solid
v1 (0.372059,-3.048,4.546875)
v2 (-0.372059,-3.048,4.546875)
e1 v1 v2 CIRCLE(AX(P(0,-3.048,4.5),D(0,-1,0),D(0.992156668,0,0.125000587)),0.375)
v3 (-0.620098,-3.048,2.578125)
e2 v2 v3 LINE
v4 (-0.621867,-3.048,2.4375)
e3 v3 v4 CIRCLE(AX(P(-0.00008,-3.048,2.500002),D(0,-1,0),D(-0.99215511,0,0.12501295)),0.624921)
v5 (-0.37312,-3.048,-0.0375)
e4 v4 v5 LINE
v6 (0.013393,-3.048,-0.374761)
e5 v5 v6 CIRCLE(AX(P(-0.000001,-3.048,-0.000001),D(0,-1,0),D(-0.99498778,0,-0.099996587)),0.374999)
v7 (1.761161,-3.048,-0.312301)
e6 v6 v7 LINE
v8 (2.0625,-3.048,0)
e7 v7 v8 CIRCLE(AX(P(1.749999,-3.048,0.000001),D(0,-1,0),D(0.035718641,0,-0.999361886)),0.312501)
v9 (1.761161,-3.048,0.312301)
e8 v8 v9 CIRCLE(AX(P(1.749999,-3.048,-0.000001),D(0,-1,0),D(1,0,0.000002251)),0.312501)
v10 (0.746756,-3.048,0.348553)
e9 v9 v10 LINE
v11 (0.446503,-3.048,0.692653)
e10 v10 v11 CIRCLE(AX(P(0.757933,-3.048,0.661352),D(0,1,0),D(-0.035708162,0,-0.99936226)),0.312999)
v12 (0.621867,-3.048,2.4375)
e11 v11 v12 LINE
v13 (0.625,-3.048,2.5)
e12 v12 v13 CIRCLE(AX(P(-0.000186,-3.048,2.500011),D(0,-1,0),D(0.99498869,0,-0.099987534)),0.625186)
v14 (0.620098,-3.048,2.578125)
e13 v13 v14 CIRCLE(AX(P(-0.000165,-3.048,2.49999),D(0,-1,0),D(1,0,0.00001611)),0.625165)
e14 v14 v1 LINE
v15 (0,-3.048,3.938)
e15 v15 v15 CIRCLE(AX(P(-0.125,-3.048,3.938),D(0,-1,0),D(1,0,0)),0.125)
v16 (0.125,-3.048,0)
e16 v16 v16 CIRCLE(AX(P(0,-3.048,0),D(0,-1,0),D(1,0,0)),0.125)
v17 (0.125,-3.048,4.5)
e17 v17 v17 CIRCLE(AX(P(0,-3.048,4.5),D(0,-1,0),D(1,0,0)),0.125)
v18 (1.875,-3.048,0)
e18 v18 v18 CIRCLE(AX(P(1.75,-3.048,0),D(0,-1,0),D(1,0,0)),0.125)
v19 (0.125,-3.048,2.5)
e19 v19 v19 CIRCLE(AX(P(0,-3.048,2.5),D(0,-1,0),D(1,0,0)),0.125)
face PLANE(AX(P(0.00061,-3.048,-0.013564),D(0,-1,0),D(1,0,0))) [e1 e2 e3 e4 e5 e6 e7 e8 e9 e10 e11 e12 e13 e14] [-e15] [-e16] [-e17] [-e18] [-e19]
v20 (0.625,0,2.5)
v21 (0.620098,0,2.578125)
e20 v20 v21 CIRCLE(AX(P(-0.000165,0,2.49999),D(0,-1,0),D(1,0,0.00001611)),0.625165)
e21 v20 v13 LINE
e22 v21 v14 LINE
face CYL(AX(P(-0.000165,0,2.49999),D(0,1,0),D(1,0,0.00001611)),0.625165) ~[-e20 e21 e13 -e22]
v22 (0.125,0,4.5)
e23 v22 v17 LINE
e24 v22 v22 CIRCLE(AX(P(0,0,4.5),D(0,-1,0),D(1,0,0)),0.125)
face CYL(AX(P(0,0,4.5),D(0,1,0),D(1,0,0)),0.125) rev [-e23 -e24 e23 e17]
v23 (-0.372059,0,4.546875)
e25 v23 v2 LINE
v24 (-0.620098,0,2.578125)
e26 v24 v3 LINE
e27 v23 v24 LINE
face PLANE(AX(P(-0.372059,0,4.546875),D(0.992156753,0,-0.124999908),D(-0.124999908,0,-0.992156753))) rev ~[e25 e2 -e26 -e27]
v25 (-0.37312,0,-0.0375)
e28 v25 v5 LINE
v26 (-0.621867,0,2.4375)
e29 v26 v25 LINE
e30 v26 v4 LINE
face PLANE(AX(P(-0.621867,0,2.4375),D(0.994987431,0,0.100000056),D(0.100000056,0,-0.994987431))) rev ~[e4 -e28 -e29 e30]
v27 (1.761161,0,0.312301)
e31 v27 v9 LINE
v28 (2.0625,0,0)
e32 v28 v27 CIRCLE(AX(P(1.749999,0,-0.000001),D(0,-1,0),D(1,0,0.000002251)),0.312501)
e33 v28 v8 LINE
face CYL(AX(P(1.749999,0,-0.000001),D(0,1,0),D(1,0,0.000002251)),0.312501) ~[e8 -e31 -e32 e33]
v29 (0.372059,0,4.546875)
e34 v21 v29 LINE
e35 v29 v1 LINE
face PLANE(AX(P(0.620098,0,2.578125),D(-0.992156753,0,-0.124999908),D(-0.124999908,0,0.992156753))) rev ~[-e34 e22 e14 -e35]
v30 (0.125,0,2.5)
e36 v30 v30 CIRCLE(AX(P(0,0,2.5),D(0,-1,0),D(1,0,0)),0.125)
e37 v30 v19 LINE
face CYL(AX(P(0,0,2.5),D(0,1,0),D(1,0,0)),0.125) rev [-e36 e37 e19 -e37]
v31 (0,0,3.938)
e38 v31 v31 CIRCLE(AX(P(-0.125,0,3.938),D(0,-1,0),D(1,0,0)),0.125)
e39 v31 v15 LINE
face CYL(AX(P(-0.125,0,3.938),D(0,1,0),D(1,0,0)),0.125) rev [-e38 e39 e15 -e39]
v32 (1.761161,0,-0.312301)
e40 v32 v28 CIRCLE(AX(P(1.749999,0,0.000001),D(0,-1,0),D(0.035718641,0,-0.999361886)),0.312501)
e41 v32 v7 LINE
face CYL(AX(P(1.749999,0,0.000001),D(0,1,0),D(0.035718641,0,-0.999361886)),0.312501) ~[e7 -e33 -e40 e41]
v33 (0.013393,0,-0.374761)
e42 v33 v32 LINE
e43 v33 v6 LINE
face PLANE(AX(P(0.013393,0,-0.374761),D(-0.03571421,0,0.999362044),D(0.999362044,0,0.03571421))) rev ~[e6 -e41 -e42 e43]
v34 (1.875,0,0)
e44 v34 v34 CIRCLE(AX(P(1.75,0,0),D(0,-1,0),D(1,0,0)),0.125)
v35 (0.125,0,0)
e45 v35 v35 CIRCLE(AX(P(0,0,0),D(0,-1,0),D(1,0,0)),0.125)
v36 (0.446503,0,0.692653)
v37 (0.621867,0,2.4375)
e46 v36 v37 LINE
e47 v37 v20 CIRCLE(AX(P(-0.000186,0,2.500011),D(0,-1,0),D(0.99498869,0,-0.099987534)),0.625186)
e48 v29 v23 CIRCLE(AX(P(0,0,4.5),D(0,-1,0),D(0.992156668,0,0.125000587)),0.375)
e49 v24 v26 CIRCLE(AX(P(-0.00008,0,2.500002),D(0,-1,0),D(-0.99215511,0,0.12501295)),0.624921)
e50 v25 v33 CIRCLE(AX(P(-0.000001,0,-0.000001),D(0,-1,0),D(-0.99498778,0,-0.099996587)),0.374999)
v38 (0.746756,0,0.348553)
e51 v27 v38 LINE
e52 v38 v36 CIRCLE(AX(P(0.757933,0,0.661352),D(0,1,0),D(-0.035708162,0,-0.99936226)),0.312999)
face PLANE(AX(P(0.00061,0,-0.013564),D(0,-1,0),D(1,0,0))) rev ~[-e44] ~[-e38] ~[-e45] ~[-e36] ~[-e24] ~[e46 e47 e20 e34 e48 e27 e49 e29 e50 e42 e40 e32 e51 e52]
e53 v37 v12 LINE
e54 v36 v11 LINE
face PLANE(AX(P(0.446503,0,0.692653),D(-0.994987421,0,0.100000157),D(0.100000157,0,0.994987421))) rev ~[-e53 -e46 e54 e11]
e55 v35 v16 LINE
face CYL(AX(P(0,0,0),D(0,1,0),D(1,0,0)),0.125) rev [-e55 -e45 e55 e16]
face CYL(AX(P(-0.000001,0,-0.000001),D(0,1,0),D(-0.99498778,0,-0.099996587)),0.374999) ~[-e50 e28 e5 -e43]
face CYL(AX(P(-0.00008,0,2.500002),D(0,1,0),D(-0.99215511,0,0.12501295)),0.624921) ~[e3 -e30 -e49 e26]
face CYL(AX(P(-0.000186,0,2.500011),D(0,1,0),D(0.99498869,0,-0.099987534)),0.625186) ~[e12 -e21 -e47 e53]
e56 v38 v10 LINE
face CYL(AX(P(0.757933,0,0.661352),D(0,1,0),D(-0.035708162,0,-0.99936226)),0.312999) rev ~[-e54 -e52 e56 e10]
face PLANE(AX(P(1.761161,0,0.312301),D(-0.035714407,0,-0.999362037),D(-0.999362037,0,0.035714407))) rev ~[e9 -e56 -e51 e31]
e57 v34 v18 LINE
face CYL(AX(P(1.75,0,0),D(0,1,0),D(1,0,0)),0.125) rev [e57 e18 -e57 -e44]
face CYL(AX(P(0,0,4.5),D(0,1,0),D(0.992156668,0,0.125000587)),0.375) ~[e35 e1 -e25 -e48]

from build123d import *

# Parameters (mm, degrees)
F0_R     = 0.125
F1_DEPTH = 3.048


with BuildPart() as f1:
    # F0 (on Front) → F1 (new body)
    with BuildSketch(Plane.XZ):
        with BuildLine():
            ThreePointArc((0.013393, -0.374761), (0.269859, -0.260387), (0.375, 0))
            ThreePointArc((0.375, 0), (-0.018774, 0.37453), (-0.37312, -0.0375))
            ThreePointArc((-0.37312, -0.0375), (-0.246551, -0.282556), (0.013393, -0.374761))
        make_face()
        Circle(F0_R, mode=Mode.SUBTRACT)
        with BuildLine():
            ThreePointArc((-0.37312, -0.0375), (-0.018774, 0.37453), (0.375, 0))
            ThreePointArc((0.375, 0), (0.269859, -0.260387), (0.013393, -0.374761))
            Line((0.013393, -0.374761), (1.761161, -0.312301))
            ThreePointArc((1.761161, -0.312301), (1.4375, 0), (1.761161, 0.312301))
            Line((1.761161, 0.312301), (0.746756, 0.348553))
            ThreePointArc((0.746756, 0.348553), (0.522094, 0.455565), (0.446503, 0.692653))
            Line((0.446503, 0.692653), (0.621867, 2.4375))
            ThreePointArc((0.621867, 2.4375), (0, 1.875), (-0.621867, 2.4375))
            Line((-0.621867, 2.4375), (-0.37312, -0.0375))
        make_face()
        with BuildLine():
            ThreePointArc((-0.620098, 2.578125), (-0.624951, 2.507862), (-0.621867, 2.4375))
            ThreePointArc((-0.621867, 2.4375), (0, 1.875), (0.621867, 2.4375))
            ThreePointArc((0.621867, 2.4375), (0.624216, 2.468711), (0.625, 2.5))
            ThreePointArc((0.625, 2.5), (0.623773, 2.539139), (0.620098, 2.578125))
            ThreePointArc((0.620098, 2.578125), (0, 3.125), (-0.620098, 2.578125))
        make_face()
        with Locations((0, 2.5)):
            Circle(F0_R, mode=Mode.SUBTRACT)
        with BuildLine():
            ThreePointArc((1.761161, 0.312301), (1.4375, 0), (1.761161, -0.312301))
            ThreePointArc((1.761161, -0.312301), (1.974882, -0.216989), (2.0625, 0))
            ThreePointArc((2.0625, 0), (1.974882, 0.216989), (1.761161, 0.312301))
        make_face()
        with Locations((1.75, 0)):
            Circle(F0_R, mode=Mode.SUBTRACT)
        with BuildLine():
            Line((-0.372059, 4.546875), (-0.620098, 2.578125))
            ThreePointArc((-0.620098, 2.578125), (0, 3.125), (0.620098, 2.578125))
            Line((0.620098, 2.578125), (0.372059, 4.546875))
            ThreePointArc((0.372059, 4.546875), (0.374264, 4.523484), (0.375, 4.5))
            ThreePointArc((0.375, 4.5), (-0.023484, 4.125736), (-0.372059, 4.546875))
        make_face()
        with Locations((-0.125, 3.938)):
            Circle(F0_R, mode=Mode.SUBTRACT)
        with BuildLine():
            ThreePointArc((0.372059, 4.546875), (0, 4.875), (-0.372059, 4.546875))
            ThreePointArc((-0.372059, 4.546875), (-0.023484, 4.125736), (0.375, 4.5))
            ThreePointArc((0.375, 4.5), (0.374264, 4.523484), (0.372059, 4.546875))
        make_face()
        with Locations((0, 4.5)):
            Circle(F0_R, mode=Mode.SUBTRACT)
    extrude(amount=F1_DEPTH)


solid = f1.part
